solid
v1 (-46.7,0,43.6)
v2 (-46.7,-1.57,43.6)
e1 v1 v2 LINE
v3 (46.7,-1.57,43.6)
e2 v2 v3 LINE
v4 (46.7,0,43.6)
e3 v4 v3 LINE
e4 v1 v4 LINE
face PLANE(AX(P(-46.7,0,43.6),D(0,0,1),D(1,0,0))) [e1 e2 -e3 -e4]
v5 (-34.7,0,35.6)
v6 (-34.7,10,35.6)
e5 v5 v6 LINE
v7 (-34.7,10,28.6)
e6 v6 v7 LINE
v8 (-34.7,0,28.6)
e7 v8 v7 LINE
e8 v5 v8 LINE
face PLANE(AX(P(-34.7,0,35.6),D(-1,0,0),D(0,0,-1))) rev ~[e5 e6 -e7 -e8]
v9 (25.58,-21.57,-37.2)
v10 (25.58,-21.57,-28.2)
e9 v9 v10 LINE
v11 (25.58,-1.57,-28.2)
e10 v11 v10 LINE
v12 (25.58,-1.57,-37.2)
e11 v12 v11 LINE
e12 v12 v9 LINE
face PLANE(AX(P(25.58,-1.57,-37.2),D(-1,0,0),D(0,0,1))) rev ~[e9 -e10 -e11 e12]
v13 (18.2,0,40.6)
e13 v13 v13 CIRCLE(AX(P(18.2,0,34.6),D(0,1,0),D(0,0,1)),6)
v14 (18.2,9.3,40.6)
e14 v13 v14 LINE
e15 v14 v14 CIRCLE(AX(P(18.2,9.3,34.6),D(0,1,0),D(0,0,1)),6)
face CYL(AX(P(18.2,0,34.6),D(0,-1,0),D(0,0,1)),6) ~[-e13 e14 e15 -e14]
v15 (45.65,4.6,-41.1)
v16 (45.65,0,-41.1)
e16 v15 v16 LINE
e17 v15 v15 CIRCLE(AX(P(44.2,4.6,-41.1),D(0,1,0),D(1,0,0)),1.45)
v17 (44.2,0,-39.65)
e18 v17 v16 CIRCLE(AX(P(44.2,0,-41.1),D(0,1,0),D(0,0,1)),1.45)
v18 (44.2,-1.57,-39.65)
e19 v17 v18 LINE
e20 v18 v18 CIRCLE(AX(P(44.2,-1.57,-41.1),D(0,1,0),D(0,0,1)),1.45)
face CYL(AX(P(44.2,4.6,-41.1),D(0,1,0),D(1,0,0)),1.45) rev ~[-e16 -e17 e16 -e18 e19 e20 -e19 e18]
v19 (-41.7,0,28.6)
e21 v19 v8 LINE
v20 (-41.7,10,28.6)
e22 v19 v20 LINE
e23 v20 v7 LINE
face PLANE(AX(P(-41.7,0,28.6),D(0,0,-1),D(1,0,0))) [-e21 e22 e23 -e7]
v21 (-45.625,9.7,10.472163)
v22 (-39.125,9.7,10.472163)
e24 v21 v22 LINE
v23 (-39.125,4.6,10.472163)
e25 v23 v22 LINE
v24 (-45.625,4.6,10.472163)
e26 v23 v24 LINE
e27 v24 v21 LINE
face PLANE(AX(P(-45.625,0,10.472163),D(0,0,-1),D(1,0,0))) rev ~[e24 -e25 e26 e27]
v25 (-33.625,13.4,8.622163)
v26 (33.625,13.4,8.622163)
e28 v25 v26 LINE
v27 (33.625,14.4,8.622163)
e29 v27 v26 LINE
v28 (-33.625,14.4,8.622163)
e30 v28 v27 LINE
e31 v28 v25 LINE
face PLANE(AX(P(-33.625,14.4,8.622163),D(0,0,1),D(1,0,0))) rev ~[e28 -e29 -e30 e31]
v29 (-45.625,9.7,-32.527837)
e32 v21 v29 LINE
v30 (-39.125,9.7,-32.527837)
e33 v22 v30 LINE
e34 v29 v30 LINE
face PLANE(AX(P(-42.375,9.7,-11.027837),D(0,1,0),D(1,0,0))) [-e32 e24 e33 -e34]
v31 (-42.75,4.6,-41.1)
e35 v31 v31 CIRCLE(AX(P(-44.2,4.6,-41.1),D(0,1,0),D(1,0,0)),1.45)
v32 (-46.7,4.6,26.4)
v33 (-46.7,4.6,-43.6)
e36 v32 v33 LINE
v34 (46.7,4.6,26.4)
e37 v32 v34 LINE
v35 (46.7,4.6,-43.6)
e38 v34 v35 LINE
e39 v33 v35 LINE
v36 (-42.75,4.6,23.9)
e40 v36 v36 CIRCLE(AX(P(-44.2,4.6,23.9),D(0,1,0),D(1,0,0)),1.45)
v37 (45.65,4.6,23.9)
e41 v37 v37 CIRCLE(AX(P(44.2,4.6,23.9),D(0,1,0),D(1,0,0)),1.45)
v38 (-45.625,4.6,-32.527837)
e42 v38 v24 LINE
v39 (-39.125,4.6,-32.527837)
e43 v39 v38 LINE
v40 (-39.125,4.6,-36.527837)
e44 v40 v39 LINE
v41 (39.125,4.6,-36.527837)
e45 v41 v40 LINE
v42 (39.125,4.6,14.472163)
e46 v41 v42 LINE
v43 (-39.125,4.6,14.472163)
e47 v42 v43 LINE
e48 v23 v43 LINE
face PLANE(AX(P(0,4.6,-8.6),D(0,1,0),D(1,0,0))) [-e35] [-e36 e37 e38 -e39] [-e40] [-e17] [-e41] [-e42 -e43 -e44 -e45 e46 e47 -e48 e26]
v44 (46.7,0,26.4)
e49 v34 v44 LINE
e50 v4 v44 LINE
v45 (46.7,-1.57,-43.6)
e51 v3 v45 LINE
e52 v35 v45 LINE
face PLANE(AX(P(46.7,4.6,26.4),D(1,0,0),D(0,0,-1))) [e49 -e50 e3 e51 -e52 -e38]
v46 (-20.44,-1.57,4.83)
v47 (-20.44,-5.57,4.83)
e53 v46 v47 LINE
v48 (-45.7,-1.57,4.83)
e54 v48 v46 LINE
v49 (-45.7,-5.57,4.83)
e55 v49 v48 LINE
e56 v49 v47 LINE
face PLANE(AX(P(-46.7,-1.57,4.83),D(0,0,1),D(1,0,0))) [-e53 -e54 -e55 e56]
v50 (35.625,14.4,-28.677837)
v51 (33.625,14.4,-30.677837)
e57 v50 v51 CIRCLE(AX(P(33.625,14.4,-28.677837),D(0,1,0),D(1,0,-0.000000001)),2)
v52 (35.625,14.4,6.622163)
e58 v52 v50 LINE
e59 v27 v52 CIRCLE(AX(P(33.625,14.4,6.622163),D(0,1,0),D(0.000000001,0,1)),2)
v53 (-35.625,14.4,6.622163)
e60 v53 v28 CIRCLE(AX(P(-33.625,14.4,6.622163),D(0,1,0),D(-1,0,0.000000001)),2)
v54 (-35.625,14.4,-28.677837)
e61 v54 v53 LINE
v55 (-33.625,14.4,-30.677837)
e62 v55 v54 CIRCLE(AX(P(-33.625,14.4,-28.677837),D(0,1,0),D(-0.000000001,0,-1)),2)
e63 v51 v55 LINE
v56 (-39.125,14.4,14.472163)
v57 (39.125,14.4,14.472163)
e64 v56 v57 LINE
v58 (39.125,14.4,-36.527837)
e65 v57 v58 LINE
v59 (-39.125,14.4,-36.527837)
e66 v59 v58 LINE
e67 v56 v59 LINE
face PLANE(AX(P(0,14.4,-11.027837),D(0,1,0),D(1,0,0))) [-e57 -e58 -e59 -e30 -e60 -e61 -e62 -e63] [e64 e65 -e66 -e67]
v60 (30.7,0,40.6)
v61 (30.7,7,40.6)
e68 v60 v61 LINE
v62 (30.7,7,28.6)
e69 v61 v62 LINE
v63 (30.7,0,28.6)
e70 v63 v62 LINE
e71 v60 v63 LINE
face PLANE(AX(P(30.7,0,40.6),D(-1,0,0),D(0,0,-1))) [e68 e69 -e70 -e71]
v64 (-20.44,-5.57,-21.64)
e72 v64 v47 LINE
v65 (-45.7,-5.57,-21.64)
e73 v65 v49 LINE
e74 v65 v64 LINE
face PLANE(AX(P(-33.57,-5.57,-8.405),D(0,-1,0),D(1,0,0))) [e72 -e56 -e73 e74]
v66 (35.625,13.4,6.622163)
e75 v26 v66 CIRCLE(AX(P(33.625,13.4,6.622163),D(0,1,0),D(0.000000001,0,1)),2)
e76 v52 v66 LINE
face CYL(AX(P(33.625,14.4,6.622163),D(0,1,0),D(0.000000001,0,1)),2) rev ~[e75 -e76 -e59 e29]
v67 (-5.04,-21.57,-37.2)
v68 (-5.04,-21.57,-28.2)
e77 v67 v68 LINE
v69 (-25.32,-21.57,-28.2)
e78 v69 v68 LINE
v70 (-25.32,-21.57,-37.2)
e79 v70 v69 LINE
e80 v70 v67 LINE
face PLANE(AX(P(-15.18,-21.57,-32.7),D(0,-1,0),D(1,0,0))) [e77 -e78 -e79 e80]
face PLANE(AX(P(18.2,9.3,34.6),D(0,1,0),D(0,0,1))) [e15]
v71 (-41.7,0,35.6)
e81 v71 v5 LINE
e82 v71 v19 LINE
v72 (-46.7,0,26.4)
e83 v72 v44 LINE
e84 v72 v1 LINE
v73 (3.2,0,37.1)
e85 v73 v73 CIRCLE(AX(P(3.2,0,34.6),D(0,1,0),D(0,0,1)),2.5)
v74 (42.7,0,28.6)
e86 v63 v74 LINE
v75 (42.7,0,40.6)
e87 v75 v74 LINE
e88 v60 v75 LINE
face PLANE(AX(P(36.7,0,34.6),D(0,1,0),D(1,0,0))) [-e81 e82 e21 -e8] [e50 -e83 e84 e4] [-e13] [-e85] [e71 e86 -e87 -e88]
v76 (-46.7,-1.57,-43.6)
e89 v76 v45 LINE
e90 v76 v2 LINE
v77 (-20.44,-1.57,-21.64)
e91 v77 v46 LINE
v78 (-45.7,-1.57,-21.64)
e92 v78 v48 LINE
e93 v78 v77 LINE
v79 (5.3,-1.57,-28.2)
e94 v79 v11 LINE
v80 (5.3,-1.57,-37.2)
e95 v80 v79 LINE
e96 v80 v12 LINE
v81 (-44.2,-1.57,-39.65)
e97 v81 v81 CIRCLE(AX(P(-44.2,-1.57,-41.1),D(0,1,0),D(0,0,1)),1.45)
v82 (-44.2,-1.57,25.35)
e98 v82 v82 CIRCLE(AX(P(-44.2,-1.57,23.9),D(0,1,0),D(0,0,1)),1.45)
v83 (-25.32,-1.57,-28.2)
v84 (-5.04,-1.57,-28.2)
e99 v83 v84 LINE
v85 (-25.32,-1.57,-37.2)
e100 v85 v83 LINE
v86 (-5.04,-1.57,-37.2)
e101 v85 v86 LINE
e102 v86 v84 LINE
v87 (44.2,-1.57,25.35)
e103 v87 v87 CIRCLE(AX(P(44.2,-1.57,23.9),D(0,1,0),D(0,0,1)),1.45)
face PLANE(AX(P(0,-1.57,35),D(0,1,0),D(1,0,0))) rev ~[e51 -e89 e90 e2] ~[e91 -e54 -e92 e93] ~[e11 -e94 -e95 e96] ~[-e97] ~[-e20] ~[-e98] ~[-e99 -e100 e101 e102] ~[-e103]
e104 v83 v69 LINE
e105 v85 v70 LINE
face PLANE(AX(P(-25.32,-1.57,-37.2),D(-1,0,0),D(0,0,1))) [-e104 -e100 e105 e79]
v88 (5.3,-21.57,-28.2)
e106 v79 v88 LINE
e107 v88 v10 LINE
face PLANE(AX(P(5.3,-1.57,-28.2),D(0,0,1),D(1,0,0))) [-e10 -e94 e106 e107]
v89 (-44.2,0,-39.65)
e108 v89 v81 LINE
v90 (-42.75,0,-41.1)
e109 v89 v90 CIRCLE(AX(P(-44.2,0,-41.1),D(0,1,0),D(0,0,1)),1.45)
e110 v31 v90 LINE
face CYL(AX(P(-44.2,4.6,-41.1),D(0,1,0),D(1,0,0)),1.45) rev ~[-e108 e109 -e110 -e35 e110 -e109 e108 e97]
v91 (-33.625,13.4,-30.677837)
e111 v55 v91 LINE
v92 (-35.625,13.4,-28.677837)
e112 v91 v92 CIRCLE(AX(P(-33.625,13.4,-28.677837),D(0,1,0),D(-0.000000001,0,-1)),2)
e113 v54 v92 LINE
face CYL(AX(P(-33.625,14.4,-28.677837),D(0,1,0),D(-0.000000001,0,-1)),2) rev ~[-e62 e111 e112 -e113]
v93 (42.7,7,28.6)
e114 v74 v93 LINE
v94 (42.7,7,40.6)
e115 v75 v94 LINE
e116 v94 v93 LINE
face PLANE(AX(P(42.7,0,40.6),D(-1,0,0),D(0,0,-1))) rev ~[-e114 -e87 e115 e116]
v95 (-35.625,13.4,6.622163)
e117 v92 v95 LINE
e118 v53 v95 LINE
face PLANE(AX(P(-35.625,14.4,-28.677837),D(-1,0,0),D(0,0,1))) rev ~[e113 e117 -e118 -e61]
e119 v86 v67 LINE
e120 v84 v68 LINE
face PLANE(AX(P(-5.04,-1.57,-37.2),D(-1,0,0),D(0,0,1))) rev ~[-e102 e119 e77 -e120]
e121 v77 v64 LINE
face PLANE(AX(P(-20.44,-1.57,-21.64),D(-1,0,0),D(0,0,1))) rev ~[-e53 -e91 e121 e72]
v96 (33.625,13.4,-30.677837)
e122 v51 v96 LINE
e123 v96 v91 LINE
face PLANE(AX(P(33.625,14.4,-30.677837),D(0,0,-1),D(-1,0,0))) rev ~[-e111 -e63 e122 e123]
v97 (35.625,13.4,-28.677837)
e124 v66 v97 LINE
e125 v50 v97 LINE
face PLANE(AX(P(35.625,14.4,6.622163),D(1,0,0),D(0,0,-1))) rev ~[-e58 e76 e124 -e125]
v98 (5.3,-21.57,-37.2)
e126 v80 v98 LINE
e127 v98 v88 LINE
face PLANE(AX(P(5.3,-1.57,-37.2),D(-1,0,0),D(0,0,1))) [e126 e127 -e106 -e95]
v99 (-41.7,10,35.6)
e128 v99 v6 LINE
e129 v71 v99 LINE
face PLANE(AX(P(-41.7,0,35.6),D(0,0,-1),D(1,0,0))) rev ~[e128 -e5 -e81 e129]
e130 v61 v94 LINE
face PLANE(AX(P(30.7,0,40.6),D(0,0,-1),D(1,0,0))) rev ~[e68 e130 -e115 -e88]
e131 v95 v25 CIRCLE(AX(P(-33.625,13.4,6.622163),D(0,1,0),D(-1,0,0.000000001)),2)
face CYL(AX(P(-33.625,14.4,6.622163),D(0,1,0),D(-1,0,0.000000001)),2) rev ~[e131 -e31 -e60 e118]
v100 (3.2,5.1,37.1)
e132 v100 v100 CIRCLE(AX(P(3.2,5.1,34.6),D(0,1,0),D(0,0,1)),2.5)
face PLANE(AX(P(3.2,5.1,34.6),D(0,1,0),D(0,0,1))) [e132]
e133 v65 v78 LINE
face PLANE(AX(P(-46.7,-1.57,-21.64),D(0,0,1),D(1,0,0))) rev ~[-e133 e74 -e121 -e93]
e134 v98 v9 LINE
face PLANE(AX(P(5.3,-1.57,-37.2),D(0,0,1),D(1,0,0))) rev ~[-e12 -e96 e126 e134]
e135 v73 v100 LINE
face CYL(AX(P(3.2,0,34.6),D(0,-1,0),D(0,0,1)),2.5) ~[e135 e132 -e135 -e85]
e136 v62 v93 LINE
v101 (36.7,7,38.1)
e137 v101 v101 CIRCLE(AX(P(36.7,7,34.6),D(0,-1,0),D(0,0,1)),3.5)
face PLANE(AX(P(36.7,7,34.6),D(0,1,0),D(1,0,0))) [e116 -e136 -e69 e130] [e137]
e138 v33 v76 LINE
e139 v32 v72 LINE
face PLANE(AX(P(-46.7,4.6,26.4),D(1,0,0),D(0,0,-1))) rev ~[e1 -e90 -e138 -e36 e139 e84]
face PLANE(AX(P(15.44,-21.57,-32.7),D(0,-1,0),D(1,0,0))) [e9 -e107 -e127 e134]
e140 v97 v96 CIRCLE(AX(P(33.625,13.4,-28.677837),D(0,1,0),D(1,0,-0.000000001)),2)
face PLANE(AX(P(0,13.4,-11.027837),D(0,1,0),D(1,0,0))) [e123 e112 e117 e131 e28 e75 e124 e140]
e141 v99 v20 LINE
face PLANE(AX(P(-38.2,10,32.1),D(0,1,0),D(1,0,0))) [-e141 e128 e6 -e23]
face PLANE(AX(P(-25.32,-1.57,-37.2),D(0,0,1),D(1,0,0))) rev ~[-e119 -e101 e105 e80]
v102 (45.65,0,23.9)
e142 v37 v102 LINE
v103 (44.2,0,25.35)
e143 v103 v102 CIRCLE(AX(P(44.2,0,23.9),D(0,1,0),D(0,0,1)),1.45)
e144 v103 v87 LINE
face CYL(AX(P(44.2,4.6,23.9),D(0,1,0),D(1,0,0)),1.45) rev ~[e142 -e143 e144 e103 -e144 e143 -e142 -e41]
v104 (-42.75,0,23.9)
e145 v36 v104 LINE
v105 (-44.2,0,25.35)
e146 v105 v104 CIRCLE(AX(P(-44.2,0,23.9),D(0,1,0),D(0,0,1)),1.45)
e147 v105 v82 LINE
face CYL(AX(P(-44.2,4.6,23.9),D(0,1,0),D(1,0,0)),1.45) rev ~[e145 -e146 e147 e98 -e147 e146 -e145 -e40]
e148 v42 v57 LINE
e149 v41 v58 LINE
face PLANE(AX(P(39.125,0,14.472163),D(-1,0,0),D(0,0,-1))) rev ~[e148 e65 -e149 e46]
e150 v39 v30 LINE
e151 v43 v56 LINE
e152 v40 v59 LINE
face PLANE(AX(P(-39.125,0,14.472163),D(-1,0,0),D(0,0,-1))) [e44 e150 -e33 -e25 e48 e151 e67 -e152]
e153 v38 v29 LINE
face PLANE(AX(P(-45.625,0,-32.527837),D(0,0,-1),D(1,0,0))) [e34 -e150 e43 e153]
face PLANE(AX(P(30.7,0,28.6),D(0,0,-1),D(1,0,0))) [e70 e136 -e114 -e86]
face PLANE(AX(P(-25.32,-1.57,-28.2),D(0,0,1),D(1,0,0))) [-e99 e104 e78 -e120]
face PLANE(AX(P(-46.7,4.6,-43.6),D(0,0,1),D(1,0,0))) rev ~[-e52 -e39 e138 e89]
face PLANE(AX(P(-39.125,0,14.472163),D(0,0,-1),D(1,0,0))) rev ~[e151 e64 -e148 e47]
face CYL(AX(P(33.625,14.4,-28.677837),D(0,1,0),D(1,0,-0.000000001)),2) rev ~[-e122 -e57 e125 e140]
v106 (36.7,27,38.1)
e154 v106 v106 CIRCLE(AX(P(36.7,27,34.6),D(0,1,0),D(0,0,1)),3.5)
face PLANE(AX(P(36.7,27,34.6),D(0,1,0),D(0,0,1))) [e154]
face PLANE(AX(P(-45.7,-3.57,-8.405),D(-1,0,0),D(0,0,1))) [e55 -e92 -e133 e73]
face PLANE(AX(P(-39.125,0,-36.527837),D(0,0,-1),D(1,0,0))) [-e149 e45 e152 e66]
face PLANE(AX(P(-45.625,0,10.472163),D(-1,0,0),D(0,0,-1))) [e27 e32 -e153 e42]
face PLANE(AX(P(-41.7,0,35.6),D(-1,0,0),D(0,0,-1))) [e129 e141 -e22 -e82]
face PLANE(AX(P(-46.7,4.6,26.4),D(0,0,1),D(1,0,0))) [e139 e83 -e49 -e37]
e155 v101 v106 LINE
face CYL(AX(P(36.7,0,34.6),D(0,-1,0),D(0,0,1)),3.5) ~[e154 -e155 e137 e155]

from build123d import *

# Parameters (mm, degrees)
SKETCH1_W            = 93.4
SKETCH1_H            = 87.2
SKETCH1_R            = 1.45
BOSS_EXTRUDE2_DEPTH  = 1.57
BOSS_EXTRUDE3_START  = 4.6
SKETCH1_3_W          = 93.4
SKETCH1_3_H          = 70
SKETCH1_3_R          = 1.45
BOSS_EXTRUDE3_DEPTH  = 4.6
SKETCH1_4_W          = 78.25
SKETCH1_4_H          = 51
BOSS_EXTRUDE4_DEPTH  = 14.4
SKETCH1_5_W          = 6.5
SKETCH1_5_H          = 43
BOSS_EXTRUDE5_DEPTH  = 9.7
SKETCH1_6_W          = 12
SKETCH1_6_H          = 12
BOSS_EXTRUDE6_DEPTH  = 7
SKETCH1_7_R          = 3.5
BOSS_EXTRUDE7_DEPTH  = 27
SKETCH1_8_R          = 6
BOSS_EXTRUDE8_DEPTH  = 9.3
SKETCH1_9_R          = 2.5
BOSS_EXTRUDE9_DEPTH  = 5.1
SKETCH3_W            = 26.26
SKETCH3_H            = 26.47
BOSS_EXTRUDE10_DEPTH = 4
SKETCH4_W            = 20.28
SKETCH4_H            = 9
BOSS_EXTRUDE11_DEPTH = 20
CUT_EXTRUDE1_DEPTH   = 1
SKETCH6_W            = 26.47
SKETCH6_H            = 4
CUT_EXTRUDE2_DEPTH   = 1
SKETCH7_W            = 7
SKETCH7_H            = 7
BOSS_EXTRUDE12_DEPTH = 10


with BuildPart() as part:
    # Sketch1 → Boss-Extrude2 (new body)
    with BuildSketch(Plane(origin=(0, 0, 0), x_dir=(1, 0, 0), z_dir=(0, 1, 0))):
        Rectangle(SKETCH1_W, SKETCH1_H)
        with Locations((-44.2, -23.9)):
            Circle(SKETCH1_R, mode=Mode.SUBTRACT)
        with Locations((44.2, -23.9)):
            Circle(SKETCH1_R, mode=Mode.SUBTRACT)
        with Locations((-44.2, 41.1)):
            Circle(SKETCH1_R, mode=Mode.SUBTRACT)
        with Locations((44.2, 41.1)):
            Circle(SKETCH1_R, mode=Mode.SUBTRACT)
    extrude(amount=-BOSS_EXTRUDE2_DEPTH)

    # Sketch1<3> → Boss-Extrude3 (add)
    with BuildSketch(Plane(origin=(0, 0, 0), x_dir=(1, 0, 0), z_dir=(0, 1, 0)).offset(BOSS_EXTRUDE3_START)):
        with Locations((0, 8.6)):
            Rectangle(SKETCH1_3_W, SKETCH1_3_H)
        with Locations((-44.2, -23.9)):
            Circle(SKETCH1_3_R, mode=Mode.SUBTRACT)
        with Locations((44.2, -23.9)):
            Circle(SKETCH1_3_R, mode=Mode.SUBTRACT)
        with Locations((-44.2, 41.1)):
            Circle(SKETCH1_3_R, mode=Mode.SUBTRACT)
        with Locations((44.2, 41.1)):
            Circle(SKETCH1_3_R, mode=Mode.SUBTRACT)
    extrude(amount=-BOSS_EXTRUDE3_DEPTH)

    # Sketch1<4> → Boss-Extrude4 (add)
    with BuildSketch(Plane(origin=(0, 0, 0), x_dir=(1, 0, 0), z_dir=(0, 1, 0))):
        with Locations((0, 11.027837259)):
            Rectangle(SKETCH1_4_W, SKETCH1_4_H)
    extrude(amount=BOSS_EXTRUDE4_DEPTH)

    # Sketch1<5> → Boss-Extrude5 (add)
    with BuildSketch(Plane(origin=(0, 0, 0), x_dir=(1, 0, 0), z_dir=(0, 1, 0))):
        with Locations((-42.375, 11.027837259)):
            Rectangle(SKETCH1_5_W, SKETCH1_5_H)
    extrude(amount=BOSS_EXTRUDE5_DEPTH)

    # Sketch1<6> → Boss-Extrude6 (add)
    with BuildSketch(Plane(origin=(0, 0, 0), x_dir=(1, 0, 0), z_dir=(0, 1, 0))):
        with Locations((36.7, -34.6)):
            Rectangle(SKETCH1_6_W, SKETCH1_6_H)
    extrude(amount=BOSS_EXTRUDE6_DEPTH)

    # Sketch1<7> → Boss-Extrude7 (add)
    with BuildSketch(Plane(origin=(0, 0, 0), x_dir=(1, 0, 0), z_dir=(0, 1, 0))):
        with Locations((36.7, -34.6)):
            Circle(SKETCH1_7_R)
    extrude(amount=BOSS_EXTRUDE7_DEPTH)

    # Sketch1<8> → Boss-Extrude8 (add)
    with BuildSketch(Plane(origin=(0, 0, 0), x_dir=(1, 0, 0), z_dir=(0, 1, 0))):
        with Locations((18.2, -34.6)):
            Circle(SKETCH1_8_R)
    extrude(amount=BOSS_EXTRUDE8_DEPTH)

    # Sketch1<9> → Boss-Extrude9 (add)
    with BuildSketch(Plane(origin=(0, 0, 0), x_dir=(1, 0, 0), z_dir=(0, 1, 0))):
        with Locations((3.2, -34.6)):
            Circle(SKETCH1_9_R)
    extrude(amount=BOSS_EXTRUDE9_DEPTH)

    # Sketch3 → Boss-Extrude10 (add)
    with BuildSketch(Plane.XZ.offset(1.57)):
        with Locations((-33.57, -8.405)):
            Rectangle(SKETCH3_W, SKETCH3_H)
    extrude(amount=BOSS_EXTRUDE10_DEPTH)

    # Sketch4 → Boss-Extrude11 (add)
    with BuildSketch(Plane.XZ.offset(1.57)):
        with Locations((-15.18, -32.7)):
            Rectangle(SKETCH4_W, SKETCH4_H)
        with Locations((15.44, -32.7)):
            Rectangle(SKETCH4_W, SKETCH4_H)
    extrude(amount=BOSS_EXTRUDE11_DEPTH)

    # Sketch5 → Cut-Extrude1 (cut)
    with BuildSketch(Plane(origin=(0, 14.4, 0), x_dir=(1, 0, 0), z_dir=(0, 1, 0))):
        with BuildLine():
            Line((33.625, 30.677837259), (-33.625, 30.677837259))
            ThreePointArc((-33.625, 30.677837259), (-35.039213562, 30.092050821), (-35.625, 28.677837259))
            Line((-35.625, 28.677837259), (-35.625, -6.622162741))
            ThreePointArc((-35.625, -6.622162741), (-35.039213562, -8.036376303), (-33.625, -8.622162741))
            Line((-33.625, -8.622162741), (33.625, -8.622162741))
            ThreePointArc((33.625, -8.622162741), (35.039213562, -8.036376303), (35.625, -6.622162741))
            Line((35.625, -6.622162741), (35.625, 28.677837259))
            ThreePointArc((35.625, 28.677837259), (35.039213562, 30.092050821), (33.625, 30.677837259))
        make_face()
    extrude(amount=-CUT_EXTRUDE1_DEPTH, mode=Mode.SUBTRACT)

    # Sketch6 → Cut-Extrude2 (cut)
    with BuildSketch(Plane.ZY.offset(46.7)):
        with Locations((-8.405, -3.57)):
            Rectangle(SKETCH6_W, SKETCH6_H)
    extrude(amount=-CUT_EXTRUDE2_DEPTH, mode=Mode.SUBTRACT)

    # Sketch7 → Boss-Extrude12 (add)
    with BuildSketch(Plane(origin=(0, 0, 0), x_dir=(1, 0, 0), z_dir=(0, 1, 0))):
        with Locations((-38.2, -32.1)):
            Rectangle(SKETCH7_W, SKETCH7_H)
    extrude(amount=BOSS_EXTRUDE12_DEPTH)


solid = part.part
